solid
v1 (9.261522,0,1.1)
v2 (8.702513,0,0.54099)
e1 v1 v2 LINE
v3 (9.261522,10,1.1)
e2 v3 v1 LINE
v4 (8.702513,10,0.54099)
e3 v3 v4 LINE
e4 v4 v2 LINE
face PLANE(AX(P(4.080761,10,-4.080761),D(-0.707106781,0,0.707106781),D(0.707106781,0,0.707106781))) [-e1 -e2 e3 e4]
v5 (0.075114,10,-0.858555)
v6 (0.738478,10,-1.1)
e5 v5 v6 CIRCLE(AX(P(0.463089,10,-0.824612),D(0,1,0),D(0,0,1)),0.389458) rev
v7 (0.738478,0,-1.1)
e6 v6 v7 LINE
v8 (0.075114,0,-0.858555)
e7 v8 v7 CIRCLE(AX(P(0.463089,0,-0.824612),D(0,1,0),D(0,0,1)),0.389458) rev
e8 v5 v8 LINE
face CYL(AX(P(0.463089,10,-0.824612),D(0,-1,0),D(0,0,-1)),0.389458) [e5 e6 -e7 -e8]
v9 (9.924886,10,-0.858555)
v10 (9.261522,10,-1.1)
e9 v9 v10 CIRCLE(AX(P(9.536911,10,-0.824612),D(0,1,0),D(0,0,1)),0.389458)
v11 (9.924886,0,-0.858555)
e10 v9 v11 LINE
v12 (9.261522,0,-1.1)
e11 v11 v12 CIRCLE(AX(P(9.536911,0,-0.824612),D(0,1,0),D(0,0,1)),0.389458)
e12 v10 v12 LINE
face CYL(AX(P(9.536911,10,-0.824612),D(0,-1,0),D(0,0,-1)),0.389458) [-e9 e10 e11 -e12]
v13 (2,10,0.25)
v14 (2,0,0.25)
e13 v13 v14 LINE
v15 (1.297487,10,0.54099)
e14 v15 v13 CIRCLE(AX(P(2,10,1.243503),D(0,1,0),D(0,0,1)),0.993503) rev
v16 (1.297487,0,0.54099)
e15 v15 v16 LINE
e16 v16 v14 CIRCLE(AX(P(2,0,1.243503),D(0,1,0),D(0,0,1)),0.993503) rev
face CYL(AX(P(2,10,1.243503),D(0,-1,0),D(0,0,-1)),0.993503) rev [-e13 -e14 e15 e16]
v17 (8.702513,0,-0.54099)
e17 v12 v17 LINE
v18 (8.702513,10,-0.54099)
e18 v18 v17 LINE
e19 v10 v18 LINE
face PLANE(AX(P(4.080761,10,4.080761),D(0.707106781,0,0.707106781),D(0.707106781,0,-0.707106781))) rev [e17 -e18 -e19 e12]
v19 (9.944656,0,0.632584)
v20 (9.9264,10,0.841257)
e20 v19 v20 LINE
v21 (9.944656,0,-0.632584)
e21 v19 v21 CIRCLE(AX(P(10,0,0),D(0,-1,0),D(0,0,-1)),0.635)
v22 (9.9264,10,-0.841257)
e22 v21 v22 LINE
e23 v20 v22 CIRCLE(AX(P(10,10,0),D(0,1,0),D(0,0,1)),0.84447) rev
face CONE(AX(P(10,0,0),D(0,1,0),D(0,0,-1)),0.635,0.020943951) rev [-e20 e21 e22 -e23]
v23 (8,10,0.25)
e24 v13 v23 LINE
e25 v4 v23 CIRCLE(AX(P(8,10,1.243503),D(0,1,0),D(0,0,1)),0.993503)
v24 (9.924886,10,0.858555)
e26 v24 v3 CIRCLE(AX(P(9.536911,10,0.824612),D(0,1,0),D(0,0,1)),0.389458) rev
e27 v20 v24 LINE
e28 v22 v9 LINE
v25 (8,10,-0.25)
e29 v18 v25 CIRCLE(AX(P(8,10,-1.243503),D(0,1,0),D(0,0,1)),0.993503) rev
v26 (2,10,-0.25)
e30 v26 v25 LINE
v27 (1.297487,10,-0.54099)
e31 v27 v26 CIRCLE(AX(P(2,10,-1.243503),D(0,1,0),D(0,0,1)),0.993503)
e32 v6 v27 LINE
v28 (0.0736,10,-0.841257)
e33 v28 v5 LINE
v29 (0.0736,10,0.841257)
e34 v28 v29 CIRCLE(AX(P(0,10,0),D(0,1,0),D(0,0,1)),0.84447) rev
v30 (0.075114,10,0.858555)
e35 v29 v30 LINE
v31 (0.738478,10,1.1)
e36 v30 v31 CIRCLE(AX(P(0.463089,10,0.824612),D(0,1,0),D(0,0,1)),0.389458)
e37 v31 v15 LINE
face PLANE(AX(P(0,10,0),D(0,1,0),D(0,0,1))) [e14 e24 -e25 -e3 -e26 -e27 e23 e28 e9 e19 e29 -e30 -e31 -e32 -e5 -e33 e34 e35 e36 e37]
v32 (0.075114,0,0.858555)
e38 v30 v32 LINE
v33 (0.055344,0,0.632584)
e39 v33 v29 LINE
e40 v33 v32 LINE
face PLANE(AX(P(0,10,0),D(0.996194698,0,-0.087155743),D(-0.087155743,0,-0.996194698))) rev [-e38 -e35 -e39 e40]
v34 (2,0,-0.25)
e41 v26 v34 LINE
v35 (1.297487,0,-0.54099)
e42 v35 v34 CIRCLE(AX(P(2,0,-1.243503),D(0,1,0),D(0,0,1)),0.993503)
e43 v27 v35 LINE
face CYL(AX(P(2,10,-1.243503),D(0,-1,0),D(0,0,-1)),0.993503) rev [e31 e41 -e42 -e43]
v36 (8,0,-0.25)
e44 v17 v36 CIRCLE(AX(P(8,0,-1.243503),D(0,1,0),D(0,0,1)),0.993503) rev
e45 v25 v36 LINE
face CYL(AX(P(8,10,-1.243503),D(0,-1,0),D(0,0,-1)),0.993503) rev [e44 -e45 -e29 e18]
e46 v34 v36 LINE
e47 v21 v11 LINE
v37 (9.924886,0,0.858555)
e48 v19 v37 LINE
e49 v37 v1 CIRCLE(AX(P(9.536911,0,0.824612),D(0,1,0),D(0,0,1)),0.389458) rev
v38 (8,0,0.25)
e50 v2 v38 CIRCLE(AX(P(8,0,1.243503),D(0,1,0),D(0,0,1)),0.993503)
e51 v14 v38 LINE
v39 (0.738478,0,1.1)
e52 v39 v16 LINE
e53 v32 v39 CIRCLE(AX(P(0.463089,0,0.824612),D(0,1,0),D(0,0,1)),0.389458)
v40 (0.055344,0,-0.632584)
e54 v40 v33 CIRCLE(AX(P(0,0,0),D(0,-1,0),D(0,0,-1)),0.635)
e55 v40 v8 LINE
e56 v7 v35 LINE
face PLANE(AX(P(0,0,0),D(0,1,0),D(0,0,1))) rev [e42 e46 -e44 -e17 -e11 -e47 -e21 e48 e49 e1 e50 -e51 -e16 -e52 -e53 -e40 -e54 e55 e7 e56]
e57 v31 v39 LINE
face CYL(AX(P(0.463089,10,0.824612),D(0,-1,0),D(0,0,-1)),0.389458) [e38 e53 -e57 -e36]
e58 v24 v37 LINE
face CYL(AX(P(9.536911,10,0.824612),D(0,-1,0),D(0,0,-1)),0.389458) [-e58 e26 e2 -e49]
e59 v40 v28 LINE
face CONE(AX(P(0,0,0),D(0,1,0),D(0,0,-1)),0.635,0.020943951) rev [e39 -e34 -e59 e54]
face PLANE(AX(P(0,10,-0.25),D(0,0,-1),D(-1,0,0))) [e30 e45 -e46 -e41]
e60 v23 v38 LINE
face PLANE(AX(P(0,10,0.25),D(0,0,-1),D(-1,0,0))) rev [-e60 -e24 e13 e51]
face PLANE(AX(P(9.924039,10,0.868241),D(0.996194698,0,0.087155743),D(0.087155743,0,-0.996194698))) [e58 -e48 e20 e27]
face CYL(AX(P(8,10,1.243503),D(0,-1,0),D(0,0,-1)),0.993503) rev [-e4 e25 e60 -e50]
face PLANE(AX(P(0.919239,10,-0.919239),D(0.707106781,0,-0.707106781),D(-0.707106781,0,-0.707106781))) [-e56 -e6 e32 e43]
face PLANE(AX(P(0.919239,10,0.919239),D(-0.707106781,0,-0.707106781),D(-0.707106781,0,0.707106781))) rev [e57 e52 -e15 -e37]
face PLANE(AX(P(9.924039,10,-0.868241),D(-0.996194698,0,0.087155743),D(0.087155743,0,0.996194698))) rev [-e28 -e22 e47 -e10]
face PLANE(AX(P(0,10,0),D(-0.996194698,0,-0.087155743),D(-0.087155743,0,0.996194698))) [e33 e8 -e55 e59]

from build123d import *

# Parameters (mm, degrees)
BOSS_EXTRUDE2_DEPTH          = 10
SKETCH5_R                    = 0.635
CUT_EXTRUDE1_DEPTH           = 10
CUT_EXTRUDE1_DRAFT           = 1.2
CUT_EXTRUDE1_PROFILE_2_DEPTH = 10
CUT_EXTRUDE1_PROFILE_2_DRAFT = 1.2


with BuildPart() as part:
    # Sketch2 → Boss-Extrude2 (new body)
    with BuildSketch(Plane(origin=(0, 0, 0), x_dir=(1, 0, 0), z_dir=(0, 1, 0))):
        with BuildLine():
            Line((0.055343897, 0.632583633), (0.075113859, 0.858555332))
            ThreePointArc((0.075113859, 0.858555332), (0.329887136, 1.190582332), (0.738477631, 1.1))
            Line((0.738477631, 1.1), (1.297487373, 0.540990258))
            ThreePointArc((1.297487373, 0.540990258), (1.619802906, 0.325625904), (2, 0.25))
            Line((2, 0.25), (8, 0.25))
            ThreePointArc((8, 0.25), (8.380197094, 0.325625904), (8.702512627, 0.540990258))
            Line((8.702512627, 0.540990258), (9.261522369, 1.1))
            ThreePointArc((9.261522369, 1.1), (9.670112864, 1.190582332), (9.924886141, 0.858555332))
            Line((9.924886141, 0.858555332), (9.944656103, 0.632583633))
            Line((9.944656103, 0.632583633), (9.944656103, -0.632583633))
            Line((9.944656103, -0.632583633), (9.924886141, -0.858555332))
            ThreePointArc((9.924886141, -0.858555332), (9.670112864, -1.190582332), (9.261522369, -1.1))
            Line((9.261522369, -1.1), (8.702512627, -0.540990258))
            ThreePointArc((8.702512627, -0.540990258), (8.380197094, -0.325625904), (8, -0.25))
            Line((8, -0.25), (2, -0.25))
            ThreePointArc((2, -0.25), (1.619802906, -0.325625904), (1.297487373, -0.540990258))
            Line((1.297487373, -0.540990258), (0.738477631, -1.1))
            ThreePointArc((0.738477631, -1.1), (0.329887136, -1.190582332), (0.075113859, -0.858555332))
            Line((0.075113859, -0.858555332), (0.055343897, -0.632583633))
            Line((0.055343897, -0.632583633), (0.055343897, 0.632583633))
        make_face()
    extrude(amount=BOSS_EXTRUDE2_DEPTH)


with BuildPart() as cut_extrude1_tool:
    # Sketch5 → Cut-Extrude1 (with draft: the straight prism first)
    with BuildSketch(Plane.XZ):
        Circle(SKETCH5_R)
    extrude(amount=-CUT_EXTRUDE1_DEPTH)
    # Cut-Extrude1: the draft: its side faces are tilted about the plane it starts from
    cut_extrude1_sides = [cut_extrude1_tool.faces().sort_by_distance(p)[0] for p in [
        (-0.635, 5, 0),
    ]]
    draft(cut_extrude1_sides, Plane.XZ, CUT_EXTRUDE1_DRAFT)


with BuildPart() as part_1:
    add(part.part)

    # Cut-Extrude1: cut by cut_extrude1_tool
    add(cut_extrude1_tool.part, mode=Mode.SUBTRACT)


with BuildPart() as cut_extrude1_profile_2_tool:
    # Sketch5 → Cut-Extrude1 profile 2 (with draft: the straight prism first)
    with BuildSketch(Plane.XZ):
        with Locations((10, 0)):
            Circle(SKETCH5_R)
    extrude(amount=-CUT_EXTRUDE1_PROFILE_2_DEPTH)
    # Cut-Extrude1 profile 2: the draft: its side faces are tilted about the plane it starts from
    cut_extrude1_profile_2_sides = [cut_extrude1_profile_2_tool.faces().sort_by_distance(p)[0] for p in [
        (9.365, 5, 0),
    ]]
    draft(cut_extrude1_profile_2_sides, Plane.XZ, CUT_EXTRUDE1_PROFILE_2_DRAFT)


with BuildPart() as part_2:
    add(part_1.part)

    # Cut-Extrude1 profile 2: cut by cut_extrude1_profile_2_tool
    add(cut_extrude1_profile_2_tool.part, mode=Mode.SUBTRACT)


solid = part_2.part
